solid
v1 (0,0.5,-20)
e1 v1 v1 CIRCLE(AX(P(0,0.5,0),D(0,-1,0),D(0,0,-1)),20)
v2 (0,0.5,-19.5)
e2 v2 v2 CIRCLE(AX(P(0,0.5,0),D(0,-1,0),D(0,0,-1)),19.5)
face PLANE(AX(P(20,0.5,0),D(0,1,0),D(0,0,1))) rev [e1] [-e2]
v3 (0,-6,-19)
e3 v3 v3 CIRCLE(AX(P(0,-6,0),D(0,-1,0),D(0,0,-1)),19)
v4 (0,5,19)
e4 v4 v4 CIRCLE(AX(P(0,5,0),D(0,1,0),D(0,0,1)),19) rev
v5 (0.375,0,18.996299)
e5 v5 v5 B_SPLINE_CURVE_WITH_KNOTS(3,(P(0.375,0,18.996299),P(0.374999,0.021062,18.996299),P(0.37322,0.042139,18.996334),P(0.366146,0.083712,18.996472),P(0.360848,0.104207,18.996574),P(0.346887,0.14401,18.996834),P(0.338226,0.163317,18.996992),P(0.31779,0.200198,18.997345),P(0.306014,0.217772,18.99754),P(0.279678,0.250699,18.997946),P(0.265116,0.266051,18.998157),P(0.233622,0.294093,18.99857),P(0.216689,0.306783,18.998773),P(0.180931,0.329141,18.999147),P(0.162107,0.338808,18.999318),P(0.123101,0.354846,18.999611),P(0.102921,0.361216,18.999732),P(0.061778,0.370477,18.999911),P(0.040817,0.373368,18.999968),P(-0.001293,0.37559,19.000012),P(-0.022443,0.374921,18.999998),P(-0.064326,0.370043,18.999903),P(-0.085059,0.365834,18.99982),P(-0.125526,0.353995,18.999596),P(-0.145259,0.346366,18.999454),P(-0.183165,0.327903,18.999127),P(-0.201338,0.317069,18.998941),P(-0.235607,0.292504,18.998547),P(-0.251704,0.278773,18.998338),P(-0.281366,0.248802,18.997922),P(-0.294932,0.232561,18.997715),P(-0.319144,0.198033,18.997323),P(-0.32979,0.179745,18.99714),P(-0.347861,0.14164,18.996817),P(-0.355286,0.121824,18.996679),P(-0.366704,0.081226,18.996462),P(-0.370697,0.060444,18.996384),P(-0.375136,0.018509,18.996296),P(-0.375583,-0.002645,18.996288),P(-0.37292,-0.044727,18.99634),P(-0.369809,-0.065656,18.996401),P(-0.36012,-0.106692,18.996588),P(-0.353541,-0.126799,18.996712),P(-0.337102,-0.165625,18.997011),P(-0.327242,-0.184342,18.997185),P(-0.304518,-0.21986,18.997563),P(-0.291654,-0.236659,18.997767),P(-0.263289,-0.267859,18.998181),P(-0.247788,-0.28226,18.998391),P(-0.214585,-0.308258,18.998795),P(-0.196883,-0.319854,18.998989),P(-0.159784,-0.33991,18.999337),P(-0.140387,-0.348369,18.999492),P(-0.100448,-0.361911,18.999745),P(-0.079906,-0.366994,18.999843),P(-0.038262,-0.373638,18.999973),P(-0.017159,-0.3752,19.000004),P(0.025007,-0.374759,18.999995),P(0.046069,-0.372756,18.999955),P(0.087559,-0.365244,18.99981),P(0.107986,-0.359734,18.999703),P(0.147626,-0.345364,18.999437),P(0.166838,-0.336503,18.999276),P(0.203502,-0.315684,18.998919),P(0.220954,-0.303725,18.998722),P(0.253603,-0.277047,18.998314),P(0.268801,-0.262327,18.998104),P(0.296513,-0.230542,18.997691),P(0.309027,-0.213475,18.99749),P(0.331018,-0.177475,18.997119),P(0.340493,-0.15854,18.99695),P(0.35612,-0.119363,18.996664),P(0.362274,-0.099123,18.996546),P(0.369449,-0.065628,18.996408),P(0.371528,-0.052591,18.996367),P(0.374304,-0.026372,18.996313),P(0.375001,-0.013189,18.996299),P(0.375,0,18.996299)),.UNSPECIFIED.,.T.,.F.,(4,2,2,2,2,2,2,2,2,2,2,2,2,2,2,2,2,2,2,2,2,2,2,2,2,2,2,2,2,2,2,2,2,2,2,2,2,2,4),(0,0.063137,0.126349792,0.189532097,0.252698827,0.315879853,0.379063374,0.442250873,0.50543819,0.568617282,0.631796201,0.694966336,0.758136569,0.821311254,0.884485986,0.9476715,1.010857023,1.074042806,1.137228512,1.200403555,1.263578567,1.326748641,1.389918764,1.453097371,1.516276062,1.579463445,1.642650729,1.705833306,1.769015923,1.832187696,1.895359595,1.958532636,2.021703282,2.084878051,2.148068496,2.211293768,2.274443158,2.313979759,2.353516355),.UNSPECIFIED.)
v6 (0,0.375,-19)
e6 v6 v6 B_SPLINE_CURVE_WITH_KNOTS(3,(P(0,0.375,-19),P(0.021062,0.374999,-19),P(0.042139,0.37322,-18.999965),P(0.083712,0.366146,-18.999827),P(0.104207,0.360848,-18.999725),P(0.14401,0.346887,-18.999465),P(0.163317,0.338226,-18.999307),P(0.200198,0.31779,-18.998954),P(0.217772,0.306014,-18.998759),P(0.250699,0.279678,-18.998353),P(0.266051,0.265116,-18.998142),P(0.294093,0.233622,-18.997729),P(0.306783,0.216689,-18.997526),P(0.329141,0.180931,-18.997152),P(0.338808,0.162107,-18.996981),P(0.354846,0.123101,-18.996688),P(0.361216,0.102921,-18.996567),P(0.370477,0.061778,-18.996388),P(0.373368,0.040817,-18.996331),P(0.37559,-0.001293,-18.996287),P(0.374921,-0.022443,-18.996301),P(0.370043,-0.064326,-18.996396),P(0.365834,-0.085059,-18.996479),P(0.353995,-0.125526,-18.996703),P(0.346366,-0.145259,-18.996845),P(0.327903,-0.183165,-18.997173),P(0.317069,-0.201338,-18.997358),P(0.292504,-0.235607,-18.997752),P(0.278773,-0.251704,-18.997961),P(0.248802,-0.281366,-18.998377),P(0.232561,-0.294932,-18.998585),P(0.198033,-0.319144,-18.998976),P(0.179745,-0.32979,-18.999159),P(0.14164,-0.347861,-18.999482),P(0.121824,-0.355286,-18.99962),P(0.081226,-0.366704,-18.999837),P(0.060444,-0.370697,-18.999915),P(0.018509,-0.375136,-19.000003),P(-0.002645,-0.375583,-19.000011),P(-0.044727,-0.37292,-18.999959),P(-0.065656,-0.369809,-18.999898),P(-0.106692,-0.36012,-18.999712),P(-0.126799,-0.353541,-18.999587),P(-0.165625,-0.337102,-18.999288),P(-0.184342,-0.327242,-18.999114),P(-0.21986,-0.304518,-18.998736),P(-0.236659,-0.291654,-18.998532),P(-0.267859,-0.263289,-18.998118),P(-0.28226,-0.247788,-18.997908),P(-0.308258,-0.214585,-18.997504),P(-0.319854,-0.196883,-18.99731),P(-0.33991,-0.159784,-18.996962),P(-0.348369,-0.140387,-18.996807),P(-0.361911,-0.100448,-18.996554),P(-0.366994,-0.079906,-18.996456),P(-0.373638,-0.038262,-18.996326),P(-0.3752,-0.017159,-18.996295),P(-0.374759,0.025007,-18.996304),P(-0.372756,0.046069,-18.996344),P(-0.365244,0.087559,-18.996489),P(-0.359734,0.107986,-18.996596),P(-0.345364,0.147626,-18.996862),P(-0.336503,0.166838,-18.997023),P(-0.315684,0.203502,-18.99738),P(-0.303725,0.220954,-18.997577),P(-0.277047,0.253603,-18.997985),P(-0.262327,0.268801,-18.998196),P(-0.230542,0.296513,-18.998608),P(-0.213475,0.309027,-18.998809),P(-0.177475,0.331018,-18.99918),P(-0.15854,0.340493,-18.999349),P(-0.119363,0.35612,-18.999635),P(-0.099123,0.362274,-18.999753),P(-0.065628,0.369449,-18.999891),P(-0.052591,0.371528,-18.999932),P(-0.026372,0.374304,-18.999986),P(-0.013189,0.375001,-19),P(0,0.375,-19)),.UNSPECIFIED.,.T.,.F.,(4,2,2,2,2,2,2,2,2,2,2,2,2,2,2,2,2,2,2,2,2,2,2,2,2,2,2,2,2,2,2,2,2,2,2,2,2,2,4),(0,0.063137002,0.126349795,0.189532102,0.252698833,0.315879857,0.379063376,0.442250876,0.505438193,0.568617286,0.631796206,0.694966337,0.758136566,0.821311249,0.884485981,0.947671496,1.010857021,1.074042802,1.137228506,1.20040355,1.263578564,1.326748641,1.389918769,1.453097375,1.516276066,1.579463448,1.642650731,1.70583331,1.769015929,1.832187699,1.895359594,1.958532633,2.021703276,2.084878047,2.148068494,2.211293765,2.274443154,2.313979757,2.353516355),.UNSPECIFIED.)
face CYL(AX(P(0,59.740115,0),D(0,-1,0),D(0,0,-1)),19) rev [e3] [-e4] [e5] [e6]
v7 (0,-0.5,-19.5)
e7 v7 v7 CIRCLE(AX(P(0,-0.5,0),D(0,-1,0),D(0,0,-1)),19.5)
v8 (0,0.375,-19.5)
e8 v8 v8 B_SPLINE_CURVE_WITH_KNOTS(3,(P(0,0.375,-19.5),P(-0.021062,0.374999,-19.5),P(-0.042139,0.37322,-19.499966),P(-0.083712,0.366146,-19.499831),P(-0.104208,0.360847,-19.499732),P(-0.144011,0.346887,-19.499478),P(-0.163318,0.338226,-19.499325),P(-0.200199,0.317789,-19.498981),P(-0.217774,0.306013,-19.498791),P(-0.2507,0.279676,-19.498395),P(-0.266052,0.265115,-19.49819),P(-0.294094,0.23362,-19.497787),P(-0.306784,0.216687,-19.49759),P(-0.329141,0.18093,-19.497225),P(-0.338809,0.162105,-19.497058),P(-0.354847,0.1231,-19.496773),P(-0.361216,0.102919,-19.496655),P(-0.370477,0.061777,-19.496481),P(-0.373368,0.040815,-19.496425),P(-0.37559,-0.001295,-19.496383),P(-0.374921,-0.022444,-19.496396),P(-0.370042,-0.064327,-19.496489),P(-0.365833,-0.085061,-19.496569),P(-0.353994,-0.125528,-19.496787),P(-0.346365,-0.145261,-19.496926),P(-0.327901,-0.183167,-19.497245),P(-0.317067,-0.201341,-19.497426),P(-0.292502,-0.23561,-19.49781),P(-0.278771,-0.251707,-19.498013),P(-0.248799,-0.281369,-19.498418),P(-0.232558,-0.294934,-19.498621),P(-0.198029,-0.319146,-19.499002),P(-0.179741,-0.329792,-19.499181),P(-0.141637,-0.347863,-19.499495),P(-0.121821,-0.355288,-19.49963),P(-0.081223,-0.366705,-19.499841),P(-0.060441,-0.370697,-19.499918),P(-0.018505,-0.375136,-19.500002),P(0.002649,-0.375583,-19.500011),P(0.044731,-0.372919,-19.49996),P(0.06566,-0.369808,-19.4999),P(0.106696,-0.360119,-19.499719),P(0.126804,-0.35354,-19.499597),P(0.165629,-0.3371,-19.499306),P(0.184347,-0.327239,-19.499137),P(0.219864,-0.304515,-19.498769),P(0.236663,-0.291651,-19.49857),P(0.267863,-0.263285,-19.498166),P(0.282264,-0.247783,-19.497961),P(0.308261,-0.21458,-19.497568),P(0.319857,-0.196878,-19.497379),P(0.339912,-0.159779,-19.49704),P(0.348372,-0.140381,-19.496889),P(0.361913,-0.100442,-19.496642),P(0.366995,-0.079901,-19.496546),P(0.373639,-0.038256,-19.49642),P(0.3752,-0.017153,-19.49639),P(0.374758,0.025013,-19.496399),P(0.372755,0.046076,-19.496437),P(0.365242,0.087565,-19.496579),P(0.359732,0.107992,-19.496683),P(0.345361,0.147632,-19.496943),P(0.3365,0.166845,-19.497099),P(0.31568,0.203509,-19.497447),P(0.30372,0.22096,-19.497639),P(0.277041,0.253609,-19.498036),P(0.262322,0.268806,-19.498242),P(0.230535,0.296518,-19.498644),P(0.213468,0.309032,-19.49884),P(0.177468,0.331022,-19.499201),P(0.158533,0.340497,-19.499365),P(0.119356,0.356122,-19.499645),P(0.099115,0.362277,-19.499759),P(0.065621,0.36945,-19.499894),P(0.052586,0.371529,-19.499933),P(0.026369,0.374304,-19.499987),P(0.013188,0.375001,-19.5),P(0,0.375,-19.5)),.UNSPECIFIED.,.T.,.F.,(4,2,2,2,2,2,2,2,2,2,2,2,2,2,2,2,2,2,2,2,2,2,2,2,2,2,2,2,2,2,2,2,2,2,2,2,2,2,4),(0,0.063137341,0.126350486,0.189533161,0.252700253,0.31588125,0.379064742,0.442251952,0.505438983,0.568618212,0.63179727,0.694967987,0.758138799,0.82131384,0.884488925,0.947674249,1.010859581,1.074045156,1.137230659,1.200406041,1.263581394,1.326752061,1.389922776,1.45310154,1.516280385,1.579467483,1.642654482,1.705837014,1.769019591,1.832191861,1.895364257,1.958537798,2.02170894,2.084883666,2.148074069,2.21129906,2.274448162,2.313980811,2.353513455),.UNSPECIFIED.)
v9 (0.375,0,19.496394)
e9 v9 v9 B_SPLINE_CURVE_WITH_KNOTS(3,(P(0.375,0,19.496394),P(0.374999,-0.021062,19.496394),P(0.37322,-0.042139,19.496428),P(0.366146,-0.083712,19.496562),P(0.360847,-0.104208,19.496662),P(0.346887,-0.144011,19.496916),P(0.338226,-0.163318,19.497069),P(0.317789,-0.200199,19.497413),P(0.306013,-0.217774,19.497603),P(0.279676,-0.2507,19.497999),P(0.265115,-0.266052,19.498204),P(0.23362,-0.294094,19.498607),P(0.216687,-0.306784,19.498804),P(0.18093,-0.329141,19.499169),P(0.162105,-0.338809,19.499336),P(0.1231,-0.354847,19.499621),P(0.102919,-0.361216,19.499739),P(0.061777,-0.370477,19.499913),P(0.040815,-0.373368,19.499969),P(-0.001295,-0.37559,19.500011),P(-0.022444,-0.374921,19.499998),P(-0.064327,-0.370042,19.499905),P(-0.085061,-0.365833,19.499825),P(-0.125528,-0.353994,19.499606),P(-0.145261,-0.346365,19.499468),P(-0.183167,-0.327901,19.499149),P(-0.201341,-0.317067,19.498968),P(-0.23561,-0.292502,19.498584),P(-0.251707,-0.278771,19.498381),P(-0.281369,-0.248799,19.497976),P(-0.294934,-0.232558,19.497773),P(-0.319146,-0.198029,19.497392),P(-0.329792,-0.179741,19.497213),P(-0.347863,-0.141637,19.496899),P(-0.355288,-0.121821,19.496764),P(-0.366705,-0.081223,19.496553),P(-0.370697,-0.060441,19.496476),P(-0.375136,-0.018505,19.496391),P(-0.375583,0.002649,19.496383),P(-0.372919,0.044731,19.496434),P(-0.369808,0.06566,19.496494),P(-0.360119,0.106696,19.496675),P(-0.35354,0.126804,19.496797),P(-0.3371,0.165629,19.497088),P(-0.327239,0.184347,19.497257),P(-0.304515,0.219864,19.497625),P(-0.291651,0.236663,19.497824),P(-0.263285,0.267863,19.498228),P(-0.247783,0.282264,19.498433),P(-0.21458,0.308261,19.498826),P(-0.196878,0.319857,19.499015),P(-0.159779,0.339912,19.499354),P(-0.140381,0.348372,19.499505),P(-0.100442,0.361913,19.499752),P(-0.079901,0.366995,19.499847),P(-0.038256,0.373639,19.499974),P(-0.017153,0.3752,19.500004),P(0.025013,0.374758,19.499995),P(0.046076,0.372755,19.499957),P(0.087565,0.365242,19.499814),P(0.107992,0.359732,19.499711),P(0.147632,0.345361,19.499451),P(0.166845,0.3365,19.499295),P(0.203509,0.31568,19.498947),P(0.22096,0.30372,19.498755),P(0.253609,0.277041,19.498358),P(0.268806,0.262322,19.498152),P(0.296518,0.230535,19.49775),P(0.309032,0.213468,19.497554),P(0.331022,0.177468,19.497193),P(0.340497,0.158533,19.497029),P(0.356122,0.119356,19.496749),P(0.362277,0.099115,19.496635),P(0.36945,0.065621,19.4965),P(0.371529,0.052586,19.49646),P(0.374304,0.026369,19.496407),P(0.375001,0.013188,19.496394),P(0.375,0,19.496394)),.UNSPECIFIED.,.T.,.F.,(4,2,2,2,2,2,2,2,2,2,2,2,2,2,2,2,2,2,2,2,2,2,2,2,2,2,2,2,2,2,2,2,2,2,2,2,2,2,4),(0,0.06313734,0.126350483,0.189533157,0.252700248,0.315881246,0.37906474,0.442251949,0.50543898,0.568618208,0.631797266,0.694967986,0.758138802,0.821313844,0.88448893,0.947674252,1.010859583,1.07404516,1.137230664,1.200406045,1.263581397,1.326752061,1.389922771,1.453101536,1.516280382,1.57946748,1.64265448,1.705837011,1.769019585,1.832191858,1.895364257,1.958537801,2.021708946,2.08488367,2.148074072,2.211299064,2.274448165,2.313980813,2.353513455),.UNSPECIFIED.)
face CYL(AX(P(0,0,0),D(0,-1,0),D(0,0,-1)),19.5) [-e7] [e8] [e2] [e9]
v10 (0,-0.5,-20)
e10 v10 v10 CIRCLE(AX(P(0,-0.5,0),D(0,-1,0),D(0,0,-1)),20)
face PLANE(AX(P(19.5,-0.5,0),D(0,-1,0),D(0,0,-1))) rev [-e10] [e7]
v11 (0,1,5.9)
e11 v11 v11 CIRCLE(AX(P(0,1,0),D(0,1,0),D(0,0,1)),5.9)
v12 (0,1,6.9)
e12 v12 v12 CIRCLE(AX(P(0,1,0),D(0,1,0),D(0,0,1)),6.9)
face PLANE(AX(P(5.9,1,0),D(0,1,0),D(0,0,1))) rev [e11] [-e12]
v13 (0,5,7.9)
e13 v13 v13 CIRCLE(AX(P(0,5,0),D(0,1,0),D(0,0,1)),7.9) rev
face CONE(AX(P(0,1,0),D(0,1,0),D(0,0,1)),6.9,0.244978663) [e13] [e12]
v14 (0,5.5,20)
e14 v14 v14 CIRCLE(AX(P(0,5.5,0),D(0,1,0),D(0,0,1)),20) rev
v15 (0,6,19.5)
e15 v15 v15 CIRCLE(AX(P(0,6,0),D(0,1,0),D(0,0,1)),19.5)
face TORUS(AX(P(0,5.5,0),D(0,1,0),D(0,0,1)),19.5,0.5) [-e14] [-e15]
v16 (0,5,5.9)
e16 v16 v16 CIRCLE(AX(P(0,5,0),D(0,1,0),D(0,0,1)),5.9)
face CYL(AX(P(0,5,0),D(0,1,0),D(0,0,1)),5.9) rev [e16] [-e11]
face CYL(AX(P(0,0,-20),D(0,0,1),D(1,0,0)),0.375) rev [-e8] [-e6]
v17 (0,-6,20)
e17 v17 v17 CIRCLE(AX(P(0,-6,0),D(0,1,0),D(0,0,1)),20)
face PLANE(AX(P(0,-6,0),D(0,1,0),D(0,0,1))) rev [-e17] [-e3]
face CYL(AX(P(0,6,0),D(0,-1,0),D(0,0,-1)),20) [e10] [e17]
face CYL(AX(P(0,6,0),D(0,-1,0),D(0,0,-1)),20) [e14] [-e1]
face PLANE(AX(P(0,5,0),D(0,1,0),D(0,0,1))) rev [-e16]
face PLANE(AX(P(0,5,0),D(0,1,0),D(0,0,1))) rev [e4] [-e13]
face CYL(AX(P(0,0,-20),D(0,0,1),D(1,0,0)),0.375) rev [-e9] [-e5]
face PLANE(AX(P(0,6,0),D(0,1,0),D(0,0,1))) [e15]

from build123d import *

# Parameters (mm, degrees)
SKETCH2_R               = 20
BOSS_EXTRUDE1_DEPTH     = 6
SKETCH3_R               = 19
CUT_EXTRUDE1_DEPTH      = 11
FILLET1_R               = 0.5
SKETCH5_W               = 0.5
SKETCH5_H               = 1
SKETCH6_R               = 0.375
CUT_EXTRUDE2_DEPTH      = 21.0000001
CUT_EXTRUDE2_DEPTH_BACK = 21.0000001


with BuildPart() as part:
    # Sketch2 → Boss-Extrude1 (new body, symmetric)
    with BuildSketch(Plane(origin=(0, 0, 0), x_dir=(1, 0, 0), z_dir=(0, 1, 0))):
        Circle(SKETCH2_R)
    extrude(amount=BOSS_EXTRUDE1_DEPTH, both=True)

    # Sketch3 → Cut-Extrude1 (cut)
    with BuildSketch(Plane.XZ.offset(6)):
        Circle(SKETCH3_R)
    extrude(amount=-CUT_EXTRUDE1_DEPTH, mode=Mode.SUBTRACT)

    # Fillet1
    fillet1_edges = [part.edges().sort_by_distance(p)[0] for p in [
        (-20, 6, 0),
    ]]
    fillet(fillet1_edges, radius=FILLET1_R)

    # Sketch5 → Cut-Revolve1 (revolve, cut)
    with BuildSketch(Plane.XY):
        with Locations((19.75, 0)):
            Rectangle(SKETCH5_W, SKETCH5_H)
    revolve(axis=Axis((0, 0, 0), (0, 1, 0)), mode=Mode.SUBTRACT)

    # Sketch6 → Cut-Extrude2 (cut, two sides)
    with BuildSketch(Plane.XY) as cut_extrude2_sk:
        Circle(SKETCH6_R)
    extrude(amount=CUT_EXTRUDE2_DEPTH, mode=Mode.SUBTRACT)
    extrude(cut_extrude2_sk.sketch, amount=-CUT_EXTRUDE2_DEPTH_BACK, mode=Mode.SUBTRACT)

    # Sketch7 → Revolve1 (revolve)
    with BuildSketch(Plane.XY):
        Polygon((5.9, 5), (5.9, 1), (6.9, 1), (7.9, 5), align=None)
    revolve(axis=Axis((0, 5, 0), (0, -1, 0)))


solid = part.part
